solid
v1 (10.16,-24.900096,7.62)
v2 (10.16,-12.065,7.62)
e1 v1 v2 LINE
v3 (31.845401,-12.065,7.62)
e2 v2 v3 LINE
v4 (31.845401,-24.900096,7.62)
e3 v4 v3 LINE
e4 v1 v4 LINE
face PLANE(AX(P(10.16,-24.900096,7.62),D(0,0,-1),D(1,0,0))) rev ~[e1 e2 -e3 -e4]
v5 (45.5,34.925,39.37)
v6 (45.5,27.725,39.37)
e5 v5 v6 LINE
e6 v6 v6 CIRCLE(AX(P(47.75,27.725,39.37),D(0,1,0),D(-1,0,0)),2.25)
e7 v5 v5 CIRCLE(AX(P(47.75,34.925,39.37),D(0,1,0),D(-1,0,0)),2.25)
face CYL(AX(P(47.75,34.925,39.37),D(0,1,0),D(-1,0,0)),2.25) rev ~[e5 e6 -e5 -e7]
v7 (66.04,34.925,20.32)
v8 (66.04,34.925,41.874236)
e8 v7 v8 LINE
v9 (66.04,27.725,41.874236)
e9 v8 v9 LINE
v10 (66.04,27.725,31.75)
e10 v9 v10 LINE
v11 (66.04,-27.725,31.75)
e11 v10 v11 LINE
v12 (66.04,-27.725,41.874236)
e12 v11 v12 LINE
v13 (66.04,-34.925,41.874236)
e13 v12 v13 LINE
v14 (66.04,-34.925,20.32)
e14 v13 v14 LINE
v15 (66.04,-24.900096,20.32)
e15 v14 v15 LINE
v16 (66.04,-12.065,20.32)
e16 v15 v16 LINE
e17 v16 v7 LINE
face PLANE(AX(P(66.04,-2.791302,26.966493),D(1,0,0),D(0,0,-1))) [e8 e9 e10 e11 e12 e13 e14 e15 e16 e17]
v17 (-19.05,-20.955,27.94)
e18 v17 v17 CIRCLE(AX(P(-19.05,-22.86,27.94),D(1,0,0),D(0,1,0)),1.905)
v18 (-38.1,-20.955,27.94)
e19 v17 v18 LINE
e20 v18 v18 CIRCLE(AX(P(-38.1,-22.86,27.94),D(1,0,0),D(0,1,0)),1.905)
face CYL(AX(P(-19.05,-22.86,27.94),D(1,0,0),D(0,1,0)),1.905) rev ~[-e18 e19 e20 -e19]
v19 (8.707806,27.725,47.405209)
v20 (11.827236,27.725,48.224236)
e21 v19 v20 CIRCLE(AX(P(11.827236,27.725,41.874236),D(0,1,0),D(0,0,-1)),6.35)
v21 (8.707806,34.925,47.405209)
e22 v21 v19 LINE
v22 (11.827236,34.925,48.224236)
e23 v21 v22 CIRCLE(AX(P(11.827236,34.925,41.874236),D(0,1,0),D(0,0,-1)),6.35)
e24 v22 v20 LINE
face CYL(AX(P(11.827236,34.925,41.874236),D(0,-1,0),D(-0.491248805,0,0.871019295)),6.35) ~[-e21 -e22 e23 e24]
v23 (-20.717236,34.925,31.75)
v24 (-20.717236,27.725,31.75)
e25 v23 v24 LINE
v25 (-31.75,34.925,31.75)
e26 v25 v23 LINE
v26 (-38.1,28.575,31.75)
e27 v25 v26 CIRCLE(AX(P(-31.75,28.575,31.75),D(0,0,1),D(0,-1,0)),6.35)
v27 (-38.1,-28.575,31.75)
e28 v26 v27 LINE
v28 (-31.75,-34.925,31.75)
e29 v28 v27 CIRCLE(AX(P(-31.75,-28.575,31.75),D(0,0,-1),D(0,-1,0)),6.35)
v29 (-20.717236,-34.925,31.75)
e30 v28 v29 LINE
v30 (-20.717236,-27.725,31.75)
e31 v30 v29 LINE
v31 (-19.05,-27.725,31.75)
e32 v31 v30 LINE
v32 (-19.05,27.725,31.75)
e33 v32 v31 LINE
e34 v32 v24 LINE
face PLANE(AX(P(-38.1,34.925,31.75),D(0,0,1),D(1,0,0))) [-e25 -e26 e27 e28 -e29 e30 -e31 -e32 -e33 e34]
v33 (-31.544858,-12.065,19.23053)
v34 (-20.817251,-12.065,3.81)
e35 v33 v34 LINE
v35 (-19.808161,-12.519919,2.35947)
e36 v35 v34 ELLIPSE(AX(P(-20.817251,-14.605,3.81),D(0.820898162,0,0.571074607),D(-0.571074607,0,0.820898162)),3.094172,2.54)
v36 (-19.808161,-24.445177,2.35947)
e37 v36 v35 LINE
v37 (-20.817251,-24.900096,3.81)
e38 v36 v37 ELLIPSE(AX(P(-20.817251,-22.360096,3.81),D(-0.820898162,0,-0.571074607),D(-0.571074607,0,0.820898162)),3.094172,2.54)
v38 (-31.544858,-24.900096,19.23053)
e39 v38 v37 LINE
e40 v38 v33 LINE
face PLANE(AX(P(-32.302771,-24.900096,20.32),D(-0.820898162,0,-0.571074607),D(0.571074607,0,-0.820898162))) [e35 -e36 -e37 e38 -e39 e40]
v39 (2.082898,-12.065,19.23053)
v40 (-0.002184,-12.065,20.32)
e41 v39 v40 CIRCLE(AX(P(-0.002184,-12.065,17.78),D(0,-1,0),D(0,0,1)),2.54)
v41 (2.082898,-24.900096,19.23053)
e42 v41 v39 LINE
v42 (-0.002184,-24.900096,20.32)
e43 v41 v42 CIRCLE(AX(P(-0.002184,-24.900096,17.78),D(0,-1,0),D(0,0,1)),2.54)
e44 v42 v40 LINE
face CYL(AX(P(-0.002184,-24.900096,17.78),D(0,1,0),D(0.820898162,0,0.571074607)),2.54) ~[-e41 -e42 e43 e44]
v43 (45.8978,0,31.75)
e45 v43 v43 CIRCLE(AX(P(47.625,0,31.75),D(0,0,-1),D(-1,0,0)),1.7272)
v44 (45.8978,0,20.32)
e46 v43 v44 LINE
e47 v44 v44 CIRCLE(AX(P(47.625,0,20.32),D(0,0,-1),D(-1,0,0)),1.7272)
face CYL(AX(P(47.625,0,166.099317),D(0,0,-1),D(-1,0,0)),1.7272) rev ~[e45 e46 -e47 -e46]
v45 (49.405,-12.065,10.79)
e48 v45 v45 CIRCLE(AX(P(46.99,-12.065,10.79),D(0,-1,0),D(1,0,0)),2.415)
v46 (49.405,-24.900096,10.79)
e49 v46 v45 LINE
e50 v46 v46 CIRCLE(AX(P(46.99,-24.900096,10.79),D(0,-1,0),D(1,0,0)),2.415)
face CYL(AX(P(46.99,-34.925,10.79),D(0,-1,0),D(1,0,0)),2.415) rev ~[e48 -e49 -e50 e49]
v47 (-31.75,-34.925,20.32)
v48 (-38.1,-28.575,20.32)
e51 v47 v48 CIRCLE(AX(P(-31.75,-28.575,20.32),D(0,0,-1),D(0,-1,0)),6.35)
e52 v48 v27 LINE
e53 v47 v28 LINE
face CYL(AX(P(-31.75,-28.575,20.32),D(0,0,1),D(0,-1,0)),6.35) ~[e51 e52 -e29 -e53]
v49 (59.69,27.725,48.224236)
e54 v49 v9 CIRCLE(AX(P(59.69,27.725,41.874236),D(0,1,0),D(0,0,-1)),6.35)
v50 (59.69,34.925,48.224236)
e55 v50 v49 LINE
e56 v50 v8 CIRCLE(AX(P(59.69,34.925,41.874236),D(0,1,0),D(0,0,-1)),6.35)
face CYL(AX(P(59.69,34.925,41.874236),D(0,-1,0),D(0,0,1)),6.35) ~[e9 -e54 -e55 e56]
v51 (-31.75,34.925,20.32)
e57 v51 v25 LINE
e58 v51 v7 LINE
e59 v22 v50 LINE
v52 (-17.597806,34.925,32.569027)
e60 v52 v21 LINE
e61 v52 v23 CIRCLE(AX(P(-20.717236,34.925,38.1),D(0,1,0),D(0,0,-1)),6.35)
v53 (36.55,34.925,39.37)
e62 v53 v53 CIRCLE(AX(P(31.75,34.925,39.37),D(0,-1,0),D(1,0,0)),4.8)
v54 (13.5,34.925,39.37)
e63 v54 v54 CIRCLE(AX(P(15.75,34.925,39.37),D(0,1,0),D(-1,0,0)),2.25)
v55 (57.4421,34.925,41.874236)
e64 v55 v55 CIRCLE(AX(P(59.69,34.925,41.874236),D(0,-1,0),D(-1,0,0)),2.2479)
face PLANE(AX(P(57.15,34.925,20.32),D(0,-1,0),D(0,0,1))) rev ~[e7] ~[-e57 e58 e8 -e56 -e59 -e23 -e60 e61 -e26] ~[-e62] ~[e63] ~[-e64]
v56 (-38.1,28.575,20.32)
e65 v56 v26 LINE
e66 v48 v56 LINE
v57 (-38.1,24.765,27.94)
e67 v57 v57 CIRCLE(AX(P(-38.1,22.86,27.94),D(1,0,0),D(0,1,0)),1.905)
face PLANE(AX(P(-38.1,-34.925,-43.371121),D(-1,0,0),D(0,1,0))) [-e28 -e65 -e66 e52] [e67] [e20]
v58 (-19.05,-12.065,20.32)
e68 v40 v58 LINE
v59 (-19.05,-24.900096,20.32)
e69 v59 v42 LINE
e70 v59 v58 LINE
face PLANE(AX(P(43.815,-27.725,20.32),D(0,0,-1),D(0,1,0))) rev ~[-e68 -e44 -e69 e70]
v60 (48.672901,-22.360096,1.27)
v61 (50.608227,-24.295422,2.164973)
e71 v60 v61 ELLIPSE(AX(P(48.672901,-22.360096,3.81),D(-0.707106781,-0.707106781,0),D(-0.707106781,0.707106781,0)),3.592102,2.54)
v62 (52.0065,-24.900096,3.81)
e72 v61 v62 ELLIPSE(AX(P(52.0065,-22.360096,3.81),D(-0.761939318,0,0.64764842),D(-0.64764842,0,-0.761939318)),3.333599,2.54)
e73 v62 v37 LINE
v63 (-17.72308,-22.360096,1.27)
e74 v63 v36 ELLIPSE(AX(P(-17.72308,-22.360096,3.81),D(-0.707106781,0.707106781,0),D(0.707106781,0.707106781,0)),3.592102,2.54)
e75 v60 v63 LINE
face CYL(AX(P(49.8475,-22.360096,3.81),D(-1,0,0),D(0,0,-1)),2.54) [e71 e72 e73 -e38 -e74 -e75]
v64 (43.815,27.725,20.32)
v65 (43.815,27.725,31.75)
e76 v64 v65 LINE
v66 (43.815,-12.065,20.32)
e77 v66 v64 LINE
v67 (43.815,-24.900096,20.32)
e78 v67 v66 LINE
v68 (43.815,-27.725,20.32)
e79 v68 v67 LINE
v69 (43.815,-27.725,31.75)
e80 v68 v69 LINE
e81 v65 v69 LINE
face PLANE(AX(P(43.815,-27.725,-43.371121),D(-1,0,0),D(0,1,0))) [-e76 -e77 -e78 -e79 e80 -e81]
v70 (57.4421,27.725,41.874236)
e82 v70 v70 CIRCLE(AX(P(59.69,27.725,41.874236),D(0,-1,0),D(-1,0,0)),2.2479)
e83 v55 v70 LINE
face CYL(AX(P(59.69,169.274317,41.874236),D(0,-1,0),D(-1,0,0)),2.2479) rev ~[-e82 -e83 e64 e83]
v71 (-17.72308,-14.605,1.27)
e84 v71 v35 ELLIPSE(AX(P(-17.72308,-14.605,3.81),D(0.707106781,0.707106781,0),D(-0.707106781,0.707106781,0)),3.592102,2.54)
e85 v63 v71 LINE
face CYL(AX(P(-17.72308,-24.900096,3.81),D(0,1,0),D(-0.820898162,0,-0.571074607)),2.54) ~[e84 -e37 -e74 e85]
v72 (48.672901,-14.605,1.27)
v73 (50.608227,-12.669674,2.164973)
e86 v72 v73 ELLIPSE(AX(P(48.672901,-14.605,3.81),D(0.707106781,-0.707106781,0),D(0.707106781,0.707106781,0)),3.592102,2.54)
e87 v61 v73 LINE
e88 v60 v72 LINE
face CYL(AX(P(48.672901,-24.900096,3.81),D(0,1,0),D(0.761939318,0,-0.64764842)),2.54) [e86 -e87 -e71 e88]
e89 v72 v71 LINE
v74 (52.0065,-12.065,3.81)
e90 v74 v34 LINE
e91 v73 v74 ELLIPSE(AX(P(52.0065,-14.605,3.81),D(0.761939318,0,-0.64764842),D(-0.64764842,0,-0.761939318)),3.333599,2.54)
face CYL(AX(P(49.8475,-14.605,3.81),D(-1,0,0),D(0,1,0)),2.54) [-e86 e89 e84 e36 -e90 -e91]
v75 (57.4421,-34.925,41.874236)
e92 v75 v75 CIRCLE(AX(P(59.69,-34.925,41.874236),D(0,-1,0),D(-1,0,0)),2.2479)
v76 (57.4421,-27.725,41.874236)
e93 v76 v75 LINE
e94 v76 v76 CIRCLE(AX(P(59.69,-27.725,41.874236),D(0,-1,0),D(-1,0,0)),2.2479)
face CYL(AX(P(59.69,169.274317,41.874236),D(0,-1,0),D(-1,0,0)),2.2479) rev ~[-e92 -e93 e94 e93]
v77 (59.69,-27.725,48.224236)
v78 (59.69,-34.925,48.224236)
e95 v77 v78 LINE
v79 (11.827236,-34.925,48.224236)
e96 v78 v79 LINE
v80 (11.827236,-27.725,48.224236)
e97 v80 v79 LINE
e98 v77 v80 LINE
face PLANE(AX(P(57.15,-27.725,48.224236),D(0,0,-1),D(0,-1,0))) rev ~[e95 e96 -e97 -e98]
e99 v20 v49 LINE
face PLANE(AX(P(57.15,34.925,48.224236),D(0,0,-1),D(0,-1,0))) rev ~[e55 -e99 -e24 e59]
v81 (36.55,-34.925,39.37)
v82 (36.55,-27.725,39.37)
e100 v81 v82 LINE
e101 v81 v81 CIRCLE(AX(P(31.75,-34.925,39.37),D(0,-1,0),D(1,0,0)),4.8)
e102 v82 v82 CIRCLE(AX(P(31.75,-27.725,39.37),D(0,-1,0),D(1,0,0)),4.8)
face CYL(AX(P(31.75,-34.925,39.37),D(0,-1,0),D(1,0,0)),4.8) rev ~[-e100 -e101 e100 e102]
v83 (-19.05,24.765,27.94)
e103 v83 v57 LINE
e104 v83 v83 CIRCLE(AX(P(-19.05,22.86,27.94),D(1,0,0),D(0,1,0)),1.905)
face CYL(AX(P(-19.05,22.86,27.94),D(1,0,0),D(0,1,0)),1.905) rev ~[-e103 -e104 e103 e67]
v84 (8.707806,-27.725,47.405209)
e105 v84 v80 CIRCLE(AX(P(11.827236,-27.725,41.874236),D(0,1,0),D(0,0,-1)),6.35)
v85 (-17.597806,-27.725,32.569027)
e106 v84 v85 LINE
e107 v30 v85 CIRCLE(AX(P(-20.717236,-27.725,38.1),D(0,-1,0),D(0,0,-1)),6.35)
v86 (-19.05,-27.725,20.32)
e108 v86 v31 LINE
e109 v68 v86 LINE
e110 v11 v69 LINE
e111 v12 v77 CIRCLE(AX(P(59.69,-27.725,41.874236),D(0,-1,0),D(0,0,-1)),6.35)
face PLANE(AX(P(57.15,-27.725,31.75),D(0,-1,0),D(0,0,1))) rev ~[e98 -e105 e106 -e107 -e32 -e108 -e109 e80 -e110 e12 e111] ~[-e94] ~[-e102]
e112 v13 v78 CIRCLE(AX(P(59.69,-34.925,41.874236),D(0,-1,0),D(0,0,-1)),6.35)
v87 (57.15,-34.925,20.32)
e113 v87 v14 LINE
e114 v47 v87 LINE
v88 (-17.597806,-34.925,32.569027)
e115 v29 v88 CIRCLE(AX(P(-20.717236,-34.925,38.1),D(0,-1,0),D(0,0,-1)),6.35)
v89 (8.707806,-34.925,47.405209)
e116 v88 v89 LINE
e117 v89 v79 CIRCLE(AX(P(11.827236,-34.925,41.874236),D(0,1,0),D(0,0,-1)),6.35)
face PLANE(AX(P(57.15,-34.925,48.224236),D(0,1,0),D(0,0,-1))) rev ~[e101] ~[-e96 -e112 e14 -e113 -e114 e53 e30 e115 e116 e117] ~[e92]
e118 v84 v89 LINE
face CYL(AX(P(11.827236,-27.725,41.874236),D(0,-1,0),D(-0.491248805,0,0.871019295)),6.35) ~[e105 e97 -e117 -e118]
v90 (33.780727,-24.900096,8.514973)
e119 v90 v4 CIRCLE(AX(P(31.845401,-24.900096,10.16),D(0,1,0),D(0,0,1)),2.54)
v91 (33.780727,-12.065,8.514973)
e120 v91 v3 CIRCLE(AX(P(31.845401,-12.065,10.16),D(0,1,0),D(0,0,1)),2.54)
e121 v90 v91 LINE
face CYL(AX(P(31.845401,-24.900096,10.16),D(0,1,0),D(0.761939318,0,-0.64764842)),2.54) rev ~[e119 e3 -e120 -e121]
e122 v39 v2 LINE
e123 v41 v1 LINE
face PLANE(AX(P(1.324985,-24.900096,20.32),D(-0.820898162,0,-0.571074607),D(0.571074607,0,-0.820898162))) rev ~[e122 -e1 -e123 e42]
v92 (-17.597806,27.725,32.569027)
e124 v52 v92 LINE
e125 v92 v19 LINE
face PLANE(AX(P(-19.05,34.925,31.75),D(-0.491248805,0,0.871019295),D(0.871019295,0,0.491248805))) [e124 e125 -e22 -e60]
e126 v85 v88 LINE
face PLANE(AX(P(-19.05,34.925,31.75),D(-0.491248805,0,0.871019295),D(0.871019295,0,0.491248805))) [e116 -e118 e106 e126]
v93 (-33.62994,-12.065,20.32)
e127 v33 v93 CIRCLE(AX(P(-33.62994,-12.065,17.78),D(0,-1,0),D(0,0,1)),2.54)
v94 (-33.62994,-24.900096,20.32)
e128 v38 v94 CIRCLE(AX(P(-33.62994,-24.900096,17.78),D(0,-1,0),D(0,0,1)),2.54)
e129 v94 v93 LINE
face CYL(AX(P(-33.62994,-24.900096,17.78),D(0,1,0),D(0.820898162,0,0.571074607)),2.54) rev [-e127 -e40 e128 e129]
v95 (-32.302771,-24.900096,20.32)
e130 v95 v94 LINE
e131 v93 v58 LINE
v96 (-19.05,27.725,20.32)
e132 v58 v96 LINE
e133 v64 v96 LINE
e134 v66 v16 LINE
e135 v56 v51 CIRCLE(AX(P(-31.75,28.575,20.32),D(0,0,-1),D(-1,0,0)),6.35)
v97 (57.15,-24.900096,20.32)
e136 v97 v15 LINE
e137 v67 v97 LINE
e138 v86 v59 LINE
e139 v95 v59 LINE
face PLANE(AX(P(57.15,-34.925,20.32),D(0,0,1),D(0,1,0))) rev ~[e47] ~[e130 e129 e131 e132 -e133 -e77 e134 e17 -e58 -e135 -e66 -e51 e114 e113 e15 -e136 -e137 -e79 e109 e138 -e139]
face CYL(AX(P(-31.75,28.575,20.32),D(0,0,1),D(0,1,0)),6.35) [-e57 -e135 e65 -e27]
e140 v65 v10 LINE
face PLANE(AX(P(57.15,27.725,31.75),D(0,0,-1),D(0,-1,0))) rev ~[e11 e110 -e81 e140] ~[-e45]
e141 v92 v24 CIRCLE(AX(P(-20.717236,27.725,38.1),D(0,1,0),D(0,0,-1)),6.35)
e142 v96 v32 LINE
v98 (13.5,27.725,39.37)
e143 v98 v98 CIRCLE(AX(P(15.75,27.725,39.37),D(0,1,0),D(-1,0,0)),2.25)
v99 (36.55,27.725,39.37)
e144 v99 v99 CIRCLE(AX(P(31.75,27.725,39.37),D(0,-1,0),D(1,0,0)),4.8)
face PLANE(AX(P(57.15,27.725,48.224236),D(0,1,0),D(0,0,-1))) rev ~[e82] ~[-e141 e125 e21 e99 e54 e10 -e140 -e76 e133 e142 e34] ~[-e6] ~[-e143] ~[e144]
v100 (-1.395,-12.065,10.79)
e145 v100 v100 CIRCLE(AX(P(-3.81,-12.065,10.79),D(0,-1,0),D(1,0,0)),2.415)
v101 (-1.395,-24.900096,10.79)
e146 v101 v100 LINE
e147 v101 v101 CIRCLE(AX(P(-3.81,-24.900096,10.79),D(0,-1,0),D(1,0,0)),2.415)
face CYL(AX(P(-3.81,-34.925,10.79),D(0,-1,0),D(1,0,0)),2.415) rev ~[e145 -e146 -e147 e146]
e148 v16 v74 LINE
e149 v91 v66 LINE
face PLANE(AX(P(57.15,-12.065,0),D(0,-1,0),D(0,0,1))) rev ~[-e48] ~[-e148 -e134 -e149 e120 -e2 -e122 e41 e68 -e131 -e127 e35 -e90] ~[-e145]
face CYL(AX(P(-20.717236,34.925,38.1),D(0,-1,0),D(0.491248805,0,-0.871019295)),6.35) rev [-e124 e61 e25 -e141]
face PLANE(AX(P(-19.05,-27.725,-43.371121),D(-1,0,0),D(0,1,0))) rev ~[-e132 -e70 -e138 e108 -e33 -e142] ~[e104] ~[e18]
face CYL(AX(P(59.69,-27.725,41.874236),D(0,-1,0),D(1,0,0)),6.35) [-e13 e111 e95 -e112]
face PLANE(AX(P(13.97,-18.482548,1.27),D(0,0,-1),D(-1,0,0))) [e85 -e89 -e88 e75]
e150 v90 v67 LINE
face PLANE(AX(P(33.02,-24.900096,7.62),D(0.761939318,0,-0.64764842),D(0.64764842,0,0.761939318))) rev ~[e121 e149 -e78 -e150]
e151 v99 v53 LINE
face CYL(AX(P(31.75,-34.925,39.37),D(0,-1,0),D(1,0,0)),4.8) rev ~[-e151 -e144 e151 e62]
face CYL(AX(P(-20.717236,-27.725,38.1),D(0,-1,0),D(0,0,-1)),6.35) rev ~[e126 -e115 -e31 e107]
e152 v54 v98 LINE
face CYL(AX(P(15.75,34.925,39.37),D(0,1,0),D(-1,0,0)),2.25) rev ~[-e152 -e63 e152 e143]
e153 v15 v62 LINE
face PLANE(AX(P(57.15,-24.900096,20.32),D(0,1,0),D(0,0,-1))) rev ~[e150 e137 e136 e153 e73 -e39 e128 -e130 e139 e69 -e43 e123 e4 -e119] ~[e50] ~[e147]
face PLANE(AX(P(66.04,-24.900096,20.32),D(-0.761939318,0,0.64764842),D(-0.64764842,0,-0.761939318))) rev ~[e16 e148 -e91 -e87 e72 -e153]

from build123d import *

# Parameters (mm, degrees)
SKETCH1_W               = 114.3
SKETCH1_H               = 69.85
BOSS_EXTRUDE1_DEPTH     = 57.15
SKETCH2_W               = 114.3
SKETCH2_H               = 55.450000124
CUT_EXTRUDE2_DEPTH      = 25.4
SKETCH3_W               = 114.3
SKETCH3_H               = 46.99
CUT_EXTRUDE3_DEPTH      = 20.32
CUT_EXTRUDE6_REACH      = 108.824
SKETCH7_R               = 4.8
CUT_EXTRUDE7_DEPTH      = 75.121121315
CUT_EXTRUDE7_DEPTH_BACK = 75.121121315
SKETCH9_W               = 62.865
SKETCH9_H               = 55.450000124
SKETCH9_W_2             = 19.05
SKETCH9_H_2             = 69.85
CUT_EXTRUDE8_REACH      = 108.824
SKETCH8_R               = 2.25
SKETCH12_R              = 1.905
CUT_EXTRUDE10_DEPTH     = 19.05
SKETCH13_W              = 95.25
SKETCH13_H              = 8.925763794
CUT_EXTRUDE12_DEPTH     = 107.823534392
BOSS_EXTRUDE2_REACH     = 103.269
SKETCH14_W              = 20.32
SKETCH14_H              = 15.660000062
SKETCH5_R               = 2.415
CUT_EXTRUDE20_DEPTH     = 103.326545714
SKETCH18_W              = 20.32
SKETCH18_H              = 10.024904341
CUT_EXTRUDE21_DEPTH     = 113.329404355
BOSS_EXTRUDE4_DEPTH     = 8.89
F_8_CLEARANCE_HOLE1_D   = 4.4958
F_8_32_TAPPED_HOLE1_D   = 3.4544
SKETCH40_W              = 104.14
SKETCH40_H              = 12.835095659
CUT_EXTRUDE22_DEPTH     = 1.27
CUT_EXTRUDE24_DEPTH     = 108.544786288
FILLET3_R               = 6.35
CUT_EXTRUDE25_DEPTH     = 102.320780831
FILLET4_R               = 2.54


with BuildPart() as part:
    # Sketch1 → Boss-Extrude1 (new body)
    with BuildSketch(Plane.XY):
        Rectangle(SKETCH1_W, SKETCH1_H)
    extrude(amount=BOSS_EXTRUDE1_DEPTH)

    # Sketch2 → Cut-Extrude2 (cut)
    with BuildSketch(Plane.XY.offset(57.15)):
        Rectangle(SKETCH2_W, SKETCH2_H)
    extrude(amount=-CUT_EXTRUDE2_DEPTH, mode=Mode.SUBTRACT)

    # Sketch3 → Cut-Extrude3 (cut)
    with BuildSketch(Plane(origin=(0, 0, 0), x_dir=(-1, 0, 0), z_dir=(0, 0, -1))):
        with Locations((0, 11.43)):
            Rectangle(SKETCH3_W, SKETCH3_H)
    extrude(amount=-CUT_EXTRUDE3_DEPTH, mode=Mode.SUBTRACT)

    # Cut-Extrude6: up to this face of the body (flat: up to its plane)
    cut_extrude6_end = Plane(part.part.faces().sort_by_distance((0, 34.925, 38.735))[0])
    # Sketch7 → Cut-Extrude6 (cut, up to the picked face)
    with BuildSketch(Plane.XZ.offset(34.925), mode=Mode.PRIVATE) as cut_extrude6_sk1:
        with Locations((31.75, 39.37)):
            Circle(SKETCH7_R)
    cut_extrude6_tool1 = split(extrude(cut_extrude6_sk1.sketch, amount=-CUT_EXTRUDE6_REACH, mode=Mode.PRIVATE), bisect_by=cut_extrude6_end, keep=Keep.BOTH, mode=Mode.PRIVATE)
    add(cut_extrude6_tool1.solids().sort_by(Axis((31.75, -34.925, 39.37), (0, 1, 0)))[0], mode=Mode.SUBTRACT)

    # Sketch9 → Cut-Extrude7 (cut, two sides: drawn at the far end of the back side and taken through both)
    with BuildSketch(Plane.XY.offset(31.75).offset(-CUT_EXTRUDE7_DEPTH_BACK)):
        with Locations((12.3825, 0)):
            Rectangle(SKETCH9_W, SKETCH9_H)
        with Locations((-47.625, 0)):
            Rectangle(SKETCH9_W_2, SKETCH9_H_2)
    extrude(amount=CUT_EXTRUDE7_DEPTH + CUT_EXTRUDE7_DEPTH_BACK, mode=Mode.SUBTRACT)

    # Sketch8 → Cut-Extrude8 (cut, up to next)
    with BuildSketch(Plane(origin=(0, 34.925, 0), x_dir=(1, 0, 0), z_dir=(0, 1, 0)), mode=Mode.PRIVATE) as cut_extrude8_sk1:
        with Locations(Location((15.75, -39.37, 0), (0, 0, 180))):
            Circle(SKETCH8_R)
    cut_extrude8_tool1 = extrude(cut_extrude8_sk1.sketch, amount=-CUT_EXTRUDE8_REACH, mode=Mode.PRIVATE) & part.part
    # Sketch8 → Cut-Extrude8 (cut, up to next)
    with BuildSketch(Plane(origin=(0, 34.925, 0), x_dir=(1, 0, 0), z_dir=(0, 1, 0)), mode=Mode.PRIVATE) as cut_extrude8_sk2:
        with Locations(Location((47.75, -39.37, 0), (0, 0, 180))):
            Circle(SKETCH8_R)
    cut_extrude8_tool2 = extrude(cut_extrude8_sk2.sketch, amount=-CUT_EXTRUDE8_REACH, mode=Mode.PRIVATE) & part.part
    add(cut_extrude8_tool1.solids().sort_by_distance((15.75, 34.925, 39.37))[0], mode=Mode.SUBTRACT)
    add(cut_extrude8_tool2.solids().sort_by_distance((47.75, 34.925, 39.37))[0], mode=Mode.SUBTRACT)

    # Sketch12 → Cut-Extrude10 (cut)
    with BuildSketch(Plane(origin=(-19.05, 0, 0), x_dir=(0, 0, -1), z_dir=(1, 0, 0))):
        with Locations(Location((-27.94, -22.86, 0), (0, 0, 90))):
            Circle(SKETCH12_R)
        with Locations(Location((-27.94, 22.86, 0), (0, 0, 90))):
            Circle(SKETCH12_R)
    extrude(amount=-CUT_EXTRUDE10_DEPTH, mode=Mode.SUBTRACT)

    # Sketch13 → Cut-Extrude12 (cut, through all)
    with BuildSketch(Plane(origin=(0, 34.925, 0), x_dir=(1, 0, 0), z_dir=(0, 1, 0))):
        with Locations((9.525, -52.687118103)):
            Rectangle(SKETCH13_W, SKETCH13_H)
    extrude(amount=-CUT_EXTRUDE12_DEPTH, mode=Mode.SUBTRACT)

    # Sketch14 → Boss-Extrude2 (add, up to next)
    with BuildSketch(Plane.ZY.offset(-43.815), mode=Mode.PRIVATE) as boss_extrude2_sk1:
        with Locations((10.16, -19.895000031)):
            Rectangle(SKETCH14_W, SKETCH14_H)
    boss_extrude2_tool1 = extrude(boss_extrude2_sk1.sketch, amount=BOSS_EXTRUDE2_REACH, mode=Mode.PRIVATE) - part.part
    add(boss_extrude2_tool1.solids().sort_by_distance((43.815, -19.895, 10.16))[0])

    # Sketch5 → Cut-Extrude20 (cut, through all)
    with BuildSketch(Plane.XZ.offset(34.925)):
        with Locations((-3.81, 10.79)):
            Circle(SKETCH5_R)
        with Locations((46.99, 10.79)):
            Circle(SKETCH5_R)
    extrude(amount=-CUT_EXTRUDE20_DEPTH, mode=Mode.SUBTRACT)

    # Sketch18 → Cut-Extrude21 (cut, through all)
    with BuildSketch(Plane.ZY.offset(38.1)):
        with Locations((10.16, -29.91254783)):
            Rectangle(SKETCH18_W, SKETCH18_H)
    extrude(amount=-CUT_EXTRUDE21_DEPTH, mode=Mode.SUBTRACT)

    # Sketch26 → Boss-Extrude4 (add)
    with BuildSketch(Plane(origin=(57.15, 0, 0), x_dir=(0, 0, -1), z_dir=(1, 0, 0))):
        Polygon((-48.224236206, -34.925), (-20.32, -34.925), (-20.32, -24.900095659), (0, -24.900095659), (0, -12.065), (-20.32, -12.065), (-20.32, 34.925), (-48.224236206, 34.925), (-48.224236206, 27.725000062), (-31.75, 27.725000062), (-31.75, -27.725000062), (-48.224236206, -27.725000062), align=None)
    extrude(amount=BOSS_EXTRUDE4_DEPTH)

    # #8 Clearance Hole1 (through all)
    with Locations(Plane(origin=(0, 34.925, 0), x_dir=(1, 0, 0), z_dir=(0, 1, 0))):
        with Locations((59.69, -41.874236206)):
            Hole(F_8_CLEARANCE_HOLE1_D / 2)

    # #8-32 Tapped Hole1 (through all)
    with Locations(Plane.XY.offset(31.75)):
        with Locations((47.625, 0)):
            Hole(F_8_32_TAPPED_HOLE1_D / 2)

    # Sketch40 → Cut-Extrude22 (cut)
    with BuildSketch(Plane(origin=(0, 0, 0), x_dir=(-1, 0, 0), z_dir=(0, 0, -1))):
        with Locations((-13.97, -18.482547829)):
            Rectangle(SKETCH40_W, SKETCH40_H)
    extrude(amount=-CUT_EXTRUDE22_DEPTH, mode=Mode.SUBTRACT)

    # Sketch47 → Cut-Extrude24 (cut, through all)
    with BuildSketch(Plane(origin=(0, 34.925, 0), x_dir=(1, 0, 0), z_dir=(0, 1, 0))):
        Polygon((-38.1, -31.75), (-19.05, -31.75), (10.16, -48.224236206), (-38.1, -48.224236206), align=None)
    extrude(amount=-CUT_EXTRUDE24_DEPTH, mode=Mode.SUBTRACT)

    # Fillet3
    fillet3_edges = [part.edges().sort_by_distance(p)[0] for p in [
        (-38.1, -34.925, 26.035),
        (66.04, -31.325000031, 48.224236206),
        (66.04, 31.325000031, 48.224236206),
        (10.16, -31.325000031, 48.224236206),
        (10.16, 31.325000031, 48.224236206),
        (-19.05, -31.325000031, 31.75),
        (-19.05, 31.325000031, 31.75),
        (-38.1, 34.925, 26.035),
    ]]
    fillet(fillet3_edges, radius=FILLET3_R)

    # Sketch49 → Cut-Extrude25 (cut, through all)
    with BuildSketch(Plane.XZ.offset(24.900095659)):
        Polygon((-38.1, 20.32), (-32.302770819, 20.32), (-19.050248439, 1.27), (-38.1, 1.27), align=None)
        Polygon((1.32498508, 20.32), (10.16, 7.62), (33.02, 7.62), (43.815, 20.32), align=None)
        Polygon((66.04, 20.32), (49.8475, 1.27), (66.04, 1.27), align=None)
    extrude(amount=-CUT_EXTRUDE25_DEPTH, mode=Mode.SUBTRACT)

    # Fillet4
    fillet4_edges = [part.edges().sort_by_distance(p)[0] for p in [
        (15.398625781, -24.900095659, 1.27),
        (15.398625781, -12.065, 1.27),
        (49.8475, -18.48254783, 1.27),
        (1.32498508, -18.48254783, 20.32),
        (-19.050248439, -18.48254783, 1.27),
        (-32.302770819, -18.48254783, 20.32),
        (33.02, -18.48254783, 7.62),
    ]]
    fillet(fillet4_edges, radius=FILLET4_R)


solid = part.part
